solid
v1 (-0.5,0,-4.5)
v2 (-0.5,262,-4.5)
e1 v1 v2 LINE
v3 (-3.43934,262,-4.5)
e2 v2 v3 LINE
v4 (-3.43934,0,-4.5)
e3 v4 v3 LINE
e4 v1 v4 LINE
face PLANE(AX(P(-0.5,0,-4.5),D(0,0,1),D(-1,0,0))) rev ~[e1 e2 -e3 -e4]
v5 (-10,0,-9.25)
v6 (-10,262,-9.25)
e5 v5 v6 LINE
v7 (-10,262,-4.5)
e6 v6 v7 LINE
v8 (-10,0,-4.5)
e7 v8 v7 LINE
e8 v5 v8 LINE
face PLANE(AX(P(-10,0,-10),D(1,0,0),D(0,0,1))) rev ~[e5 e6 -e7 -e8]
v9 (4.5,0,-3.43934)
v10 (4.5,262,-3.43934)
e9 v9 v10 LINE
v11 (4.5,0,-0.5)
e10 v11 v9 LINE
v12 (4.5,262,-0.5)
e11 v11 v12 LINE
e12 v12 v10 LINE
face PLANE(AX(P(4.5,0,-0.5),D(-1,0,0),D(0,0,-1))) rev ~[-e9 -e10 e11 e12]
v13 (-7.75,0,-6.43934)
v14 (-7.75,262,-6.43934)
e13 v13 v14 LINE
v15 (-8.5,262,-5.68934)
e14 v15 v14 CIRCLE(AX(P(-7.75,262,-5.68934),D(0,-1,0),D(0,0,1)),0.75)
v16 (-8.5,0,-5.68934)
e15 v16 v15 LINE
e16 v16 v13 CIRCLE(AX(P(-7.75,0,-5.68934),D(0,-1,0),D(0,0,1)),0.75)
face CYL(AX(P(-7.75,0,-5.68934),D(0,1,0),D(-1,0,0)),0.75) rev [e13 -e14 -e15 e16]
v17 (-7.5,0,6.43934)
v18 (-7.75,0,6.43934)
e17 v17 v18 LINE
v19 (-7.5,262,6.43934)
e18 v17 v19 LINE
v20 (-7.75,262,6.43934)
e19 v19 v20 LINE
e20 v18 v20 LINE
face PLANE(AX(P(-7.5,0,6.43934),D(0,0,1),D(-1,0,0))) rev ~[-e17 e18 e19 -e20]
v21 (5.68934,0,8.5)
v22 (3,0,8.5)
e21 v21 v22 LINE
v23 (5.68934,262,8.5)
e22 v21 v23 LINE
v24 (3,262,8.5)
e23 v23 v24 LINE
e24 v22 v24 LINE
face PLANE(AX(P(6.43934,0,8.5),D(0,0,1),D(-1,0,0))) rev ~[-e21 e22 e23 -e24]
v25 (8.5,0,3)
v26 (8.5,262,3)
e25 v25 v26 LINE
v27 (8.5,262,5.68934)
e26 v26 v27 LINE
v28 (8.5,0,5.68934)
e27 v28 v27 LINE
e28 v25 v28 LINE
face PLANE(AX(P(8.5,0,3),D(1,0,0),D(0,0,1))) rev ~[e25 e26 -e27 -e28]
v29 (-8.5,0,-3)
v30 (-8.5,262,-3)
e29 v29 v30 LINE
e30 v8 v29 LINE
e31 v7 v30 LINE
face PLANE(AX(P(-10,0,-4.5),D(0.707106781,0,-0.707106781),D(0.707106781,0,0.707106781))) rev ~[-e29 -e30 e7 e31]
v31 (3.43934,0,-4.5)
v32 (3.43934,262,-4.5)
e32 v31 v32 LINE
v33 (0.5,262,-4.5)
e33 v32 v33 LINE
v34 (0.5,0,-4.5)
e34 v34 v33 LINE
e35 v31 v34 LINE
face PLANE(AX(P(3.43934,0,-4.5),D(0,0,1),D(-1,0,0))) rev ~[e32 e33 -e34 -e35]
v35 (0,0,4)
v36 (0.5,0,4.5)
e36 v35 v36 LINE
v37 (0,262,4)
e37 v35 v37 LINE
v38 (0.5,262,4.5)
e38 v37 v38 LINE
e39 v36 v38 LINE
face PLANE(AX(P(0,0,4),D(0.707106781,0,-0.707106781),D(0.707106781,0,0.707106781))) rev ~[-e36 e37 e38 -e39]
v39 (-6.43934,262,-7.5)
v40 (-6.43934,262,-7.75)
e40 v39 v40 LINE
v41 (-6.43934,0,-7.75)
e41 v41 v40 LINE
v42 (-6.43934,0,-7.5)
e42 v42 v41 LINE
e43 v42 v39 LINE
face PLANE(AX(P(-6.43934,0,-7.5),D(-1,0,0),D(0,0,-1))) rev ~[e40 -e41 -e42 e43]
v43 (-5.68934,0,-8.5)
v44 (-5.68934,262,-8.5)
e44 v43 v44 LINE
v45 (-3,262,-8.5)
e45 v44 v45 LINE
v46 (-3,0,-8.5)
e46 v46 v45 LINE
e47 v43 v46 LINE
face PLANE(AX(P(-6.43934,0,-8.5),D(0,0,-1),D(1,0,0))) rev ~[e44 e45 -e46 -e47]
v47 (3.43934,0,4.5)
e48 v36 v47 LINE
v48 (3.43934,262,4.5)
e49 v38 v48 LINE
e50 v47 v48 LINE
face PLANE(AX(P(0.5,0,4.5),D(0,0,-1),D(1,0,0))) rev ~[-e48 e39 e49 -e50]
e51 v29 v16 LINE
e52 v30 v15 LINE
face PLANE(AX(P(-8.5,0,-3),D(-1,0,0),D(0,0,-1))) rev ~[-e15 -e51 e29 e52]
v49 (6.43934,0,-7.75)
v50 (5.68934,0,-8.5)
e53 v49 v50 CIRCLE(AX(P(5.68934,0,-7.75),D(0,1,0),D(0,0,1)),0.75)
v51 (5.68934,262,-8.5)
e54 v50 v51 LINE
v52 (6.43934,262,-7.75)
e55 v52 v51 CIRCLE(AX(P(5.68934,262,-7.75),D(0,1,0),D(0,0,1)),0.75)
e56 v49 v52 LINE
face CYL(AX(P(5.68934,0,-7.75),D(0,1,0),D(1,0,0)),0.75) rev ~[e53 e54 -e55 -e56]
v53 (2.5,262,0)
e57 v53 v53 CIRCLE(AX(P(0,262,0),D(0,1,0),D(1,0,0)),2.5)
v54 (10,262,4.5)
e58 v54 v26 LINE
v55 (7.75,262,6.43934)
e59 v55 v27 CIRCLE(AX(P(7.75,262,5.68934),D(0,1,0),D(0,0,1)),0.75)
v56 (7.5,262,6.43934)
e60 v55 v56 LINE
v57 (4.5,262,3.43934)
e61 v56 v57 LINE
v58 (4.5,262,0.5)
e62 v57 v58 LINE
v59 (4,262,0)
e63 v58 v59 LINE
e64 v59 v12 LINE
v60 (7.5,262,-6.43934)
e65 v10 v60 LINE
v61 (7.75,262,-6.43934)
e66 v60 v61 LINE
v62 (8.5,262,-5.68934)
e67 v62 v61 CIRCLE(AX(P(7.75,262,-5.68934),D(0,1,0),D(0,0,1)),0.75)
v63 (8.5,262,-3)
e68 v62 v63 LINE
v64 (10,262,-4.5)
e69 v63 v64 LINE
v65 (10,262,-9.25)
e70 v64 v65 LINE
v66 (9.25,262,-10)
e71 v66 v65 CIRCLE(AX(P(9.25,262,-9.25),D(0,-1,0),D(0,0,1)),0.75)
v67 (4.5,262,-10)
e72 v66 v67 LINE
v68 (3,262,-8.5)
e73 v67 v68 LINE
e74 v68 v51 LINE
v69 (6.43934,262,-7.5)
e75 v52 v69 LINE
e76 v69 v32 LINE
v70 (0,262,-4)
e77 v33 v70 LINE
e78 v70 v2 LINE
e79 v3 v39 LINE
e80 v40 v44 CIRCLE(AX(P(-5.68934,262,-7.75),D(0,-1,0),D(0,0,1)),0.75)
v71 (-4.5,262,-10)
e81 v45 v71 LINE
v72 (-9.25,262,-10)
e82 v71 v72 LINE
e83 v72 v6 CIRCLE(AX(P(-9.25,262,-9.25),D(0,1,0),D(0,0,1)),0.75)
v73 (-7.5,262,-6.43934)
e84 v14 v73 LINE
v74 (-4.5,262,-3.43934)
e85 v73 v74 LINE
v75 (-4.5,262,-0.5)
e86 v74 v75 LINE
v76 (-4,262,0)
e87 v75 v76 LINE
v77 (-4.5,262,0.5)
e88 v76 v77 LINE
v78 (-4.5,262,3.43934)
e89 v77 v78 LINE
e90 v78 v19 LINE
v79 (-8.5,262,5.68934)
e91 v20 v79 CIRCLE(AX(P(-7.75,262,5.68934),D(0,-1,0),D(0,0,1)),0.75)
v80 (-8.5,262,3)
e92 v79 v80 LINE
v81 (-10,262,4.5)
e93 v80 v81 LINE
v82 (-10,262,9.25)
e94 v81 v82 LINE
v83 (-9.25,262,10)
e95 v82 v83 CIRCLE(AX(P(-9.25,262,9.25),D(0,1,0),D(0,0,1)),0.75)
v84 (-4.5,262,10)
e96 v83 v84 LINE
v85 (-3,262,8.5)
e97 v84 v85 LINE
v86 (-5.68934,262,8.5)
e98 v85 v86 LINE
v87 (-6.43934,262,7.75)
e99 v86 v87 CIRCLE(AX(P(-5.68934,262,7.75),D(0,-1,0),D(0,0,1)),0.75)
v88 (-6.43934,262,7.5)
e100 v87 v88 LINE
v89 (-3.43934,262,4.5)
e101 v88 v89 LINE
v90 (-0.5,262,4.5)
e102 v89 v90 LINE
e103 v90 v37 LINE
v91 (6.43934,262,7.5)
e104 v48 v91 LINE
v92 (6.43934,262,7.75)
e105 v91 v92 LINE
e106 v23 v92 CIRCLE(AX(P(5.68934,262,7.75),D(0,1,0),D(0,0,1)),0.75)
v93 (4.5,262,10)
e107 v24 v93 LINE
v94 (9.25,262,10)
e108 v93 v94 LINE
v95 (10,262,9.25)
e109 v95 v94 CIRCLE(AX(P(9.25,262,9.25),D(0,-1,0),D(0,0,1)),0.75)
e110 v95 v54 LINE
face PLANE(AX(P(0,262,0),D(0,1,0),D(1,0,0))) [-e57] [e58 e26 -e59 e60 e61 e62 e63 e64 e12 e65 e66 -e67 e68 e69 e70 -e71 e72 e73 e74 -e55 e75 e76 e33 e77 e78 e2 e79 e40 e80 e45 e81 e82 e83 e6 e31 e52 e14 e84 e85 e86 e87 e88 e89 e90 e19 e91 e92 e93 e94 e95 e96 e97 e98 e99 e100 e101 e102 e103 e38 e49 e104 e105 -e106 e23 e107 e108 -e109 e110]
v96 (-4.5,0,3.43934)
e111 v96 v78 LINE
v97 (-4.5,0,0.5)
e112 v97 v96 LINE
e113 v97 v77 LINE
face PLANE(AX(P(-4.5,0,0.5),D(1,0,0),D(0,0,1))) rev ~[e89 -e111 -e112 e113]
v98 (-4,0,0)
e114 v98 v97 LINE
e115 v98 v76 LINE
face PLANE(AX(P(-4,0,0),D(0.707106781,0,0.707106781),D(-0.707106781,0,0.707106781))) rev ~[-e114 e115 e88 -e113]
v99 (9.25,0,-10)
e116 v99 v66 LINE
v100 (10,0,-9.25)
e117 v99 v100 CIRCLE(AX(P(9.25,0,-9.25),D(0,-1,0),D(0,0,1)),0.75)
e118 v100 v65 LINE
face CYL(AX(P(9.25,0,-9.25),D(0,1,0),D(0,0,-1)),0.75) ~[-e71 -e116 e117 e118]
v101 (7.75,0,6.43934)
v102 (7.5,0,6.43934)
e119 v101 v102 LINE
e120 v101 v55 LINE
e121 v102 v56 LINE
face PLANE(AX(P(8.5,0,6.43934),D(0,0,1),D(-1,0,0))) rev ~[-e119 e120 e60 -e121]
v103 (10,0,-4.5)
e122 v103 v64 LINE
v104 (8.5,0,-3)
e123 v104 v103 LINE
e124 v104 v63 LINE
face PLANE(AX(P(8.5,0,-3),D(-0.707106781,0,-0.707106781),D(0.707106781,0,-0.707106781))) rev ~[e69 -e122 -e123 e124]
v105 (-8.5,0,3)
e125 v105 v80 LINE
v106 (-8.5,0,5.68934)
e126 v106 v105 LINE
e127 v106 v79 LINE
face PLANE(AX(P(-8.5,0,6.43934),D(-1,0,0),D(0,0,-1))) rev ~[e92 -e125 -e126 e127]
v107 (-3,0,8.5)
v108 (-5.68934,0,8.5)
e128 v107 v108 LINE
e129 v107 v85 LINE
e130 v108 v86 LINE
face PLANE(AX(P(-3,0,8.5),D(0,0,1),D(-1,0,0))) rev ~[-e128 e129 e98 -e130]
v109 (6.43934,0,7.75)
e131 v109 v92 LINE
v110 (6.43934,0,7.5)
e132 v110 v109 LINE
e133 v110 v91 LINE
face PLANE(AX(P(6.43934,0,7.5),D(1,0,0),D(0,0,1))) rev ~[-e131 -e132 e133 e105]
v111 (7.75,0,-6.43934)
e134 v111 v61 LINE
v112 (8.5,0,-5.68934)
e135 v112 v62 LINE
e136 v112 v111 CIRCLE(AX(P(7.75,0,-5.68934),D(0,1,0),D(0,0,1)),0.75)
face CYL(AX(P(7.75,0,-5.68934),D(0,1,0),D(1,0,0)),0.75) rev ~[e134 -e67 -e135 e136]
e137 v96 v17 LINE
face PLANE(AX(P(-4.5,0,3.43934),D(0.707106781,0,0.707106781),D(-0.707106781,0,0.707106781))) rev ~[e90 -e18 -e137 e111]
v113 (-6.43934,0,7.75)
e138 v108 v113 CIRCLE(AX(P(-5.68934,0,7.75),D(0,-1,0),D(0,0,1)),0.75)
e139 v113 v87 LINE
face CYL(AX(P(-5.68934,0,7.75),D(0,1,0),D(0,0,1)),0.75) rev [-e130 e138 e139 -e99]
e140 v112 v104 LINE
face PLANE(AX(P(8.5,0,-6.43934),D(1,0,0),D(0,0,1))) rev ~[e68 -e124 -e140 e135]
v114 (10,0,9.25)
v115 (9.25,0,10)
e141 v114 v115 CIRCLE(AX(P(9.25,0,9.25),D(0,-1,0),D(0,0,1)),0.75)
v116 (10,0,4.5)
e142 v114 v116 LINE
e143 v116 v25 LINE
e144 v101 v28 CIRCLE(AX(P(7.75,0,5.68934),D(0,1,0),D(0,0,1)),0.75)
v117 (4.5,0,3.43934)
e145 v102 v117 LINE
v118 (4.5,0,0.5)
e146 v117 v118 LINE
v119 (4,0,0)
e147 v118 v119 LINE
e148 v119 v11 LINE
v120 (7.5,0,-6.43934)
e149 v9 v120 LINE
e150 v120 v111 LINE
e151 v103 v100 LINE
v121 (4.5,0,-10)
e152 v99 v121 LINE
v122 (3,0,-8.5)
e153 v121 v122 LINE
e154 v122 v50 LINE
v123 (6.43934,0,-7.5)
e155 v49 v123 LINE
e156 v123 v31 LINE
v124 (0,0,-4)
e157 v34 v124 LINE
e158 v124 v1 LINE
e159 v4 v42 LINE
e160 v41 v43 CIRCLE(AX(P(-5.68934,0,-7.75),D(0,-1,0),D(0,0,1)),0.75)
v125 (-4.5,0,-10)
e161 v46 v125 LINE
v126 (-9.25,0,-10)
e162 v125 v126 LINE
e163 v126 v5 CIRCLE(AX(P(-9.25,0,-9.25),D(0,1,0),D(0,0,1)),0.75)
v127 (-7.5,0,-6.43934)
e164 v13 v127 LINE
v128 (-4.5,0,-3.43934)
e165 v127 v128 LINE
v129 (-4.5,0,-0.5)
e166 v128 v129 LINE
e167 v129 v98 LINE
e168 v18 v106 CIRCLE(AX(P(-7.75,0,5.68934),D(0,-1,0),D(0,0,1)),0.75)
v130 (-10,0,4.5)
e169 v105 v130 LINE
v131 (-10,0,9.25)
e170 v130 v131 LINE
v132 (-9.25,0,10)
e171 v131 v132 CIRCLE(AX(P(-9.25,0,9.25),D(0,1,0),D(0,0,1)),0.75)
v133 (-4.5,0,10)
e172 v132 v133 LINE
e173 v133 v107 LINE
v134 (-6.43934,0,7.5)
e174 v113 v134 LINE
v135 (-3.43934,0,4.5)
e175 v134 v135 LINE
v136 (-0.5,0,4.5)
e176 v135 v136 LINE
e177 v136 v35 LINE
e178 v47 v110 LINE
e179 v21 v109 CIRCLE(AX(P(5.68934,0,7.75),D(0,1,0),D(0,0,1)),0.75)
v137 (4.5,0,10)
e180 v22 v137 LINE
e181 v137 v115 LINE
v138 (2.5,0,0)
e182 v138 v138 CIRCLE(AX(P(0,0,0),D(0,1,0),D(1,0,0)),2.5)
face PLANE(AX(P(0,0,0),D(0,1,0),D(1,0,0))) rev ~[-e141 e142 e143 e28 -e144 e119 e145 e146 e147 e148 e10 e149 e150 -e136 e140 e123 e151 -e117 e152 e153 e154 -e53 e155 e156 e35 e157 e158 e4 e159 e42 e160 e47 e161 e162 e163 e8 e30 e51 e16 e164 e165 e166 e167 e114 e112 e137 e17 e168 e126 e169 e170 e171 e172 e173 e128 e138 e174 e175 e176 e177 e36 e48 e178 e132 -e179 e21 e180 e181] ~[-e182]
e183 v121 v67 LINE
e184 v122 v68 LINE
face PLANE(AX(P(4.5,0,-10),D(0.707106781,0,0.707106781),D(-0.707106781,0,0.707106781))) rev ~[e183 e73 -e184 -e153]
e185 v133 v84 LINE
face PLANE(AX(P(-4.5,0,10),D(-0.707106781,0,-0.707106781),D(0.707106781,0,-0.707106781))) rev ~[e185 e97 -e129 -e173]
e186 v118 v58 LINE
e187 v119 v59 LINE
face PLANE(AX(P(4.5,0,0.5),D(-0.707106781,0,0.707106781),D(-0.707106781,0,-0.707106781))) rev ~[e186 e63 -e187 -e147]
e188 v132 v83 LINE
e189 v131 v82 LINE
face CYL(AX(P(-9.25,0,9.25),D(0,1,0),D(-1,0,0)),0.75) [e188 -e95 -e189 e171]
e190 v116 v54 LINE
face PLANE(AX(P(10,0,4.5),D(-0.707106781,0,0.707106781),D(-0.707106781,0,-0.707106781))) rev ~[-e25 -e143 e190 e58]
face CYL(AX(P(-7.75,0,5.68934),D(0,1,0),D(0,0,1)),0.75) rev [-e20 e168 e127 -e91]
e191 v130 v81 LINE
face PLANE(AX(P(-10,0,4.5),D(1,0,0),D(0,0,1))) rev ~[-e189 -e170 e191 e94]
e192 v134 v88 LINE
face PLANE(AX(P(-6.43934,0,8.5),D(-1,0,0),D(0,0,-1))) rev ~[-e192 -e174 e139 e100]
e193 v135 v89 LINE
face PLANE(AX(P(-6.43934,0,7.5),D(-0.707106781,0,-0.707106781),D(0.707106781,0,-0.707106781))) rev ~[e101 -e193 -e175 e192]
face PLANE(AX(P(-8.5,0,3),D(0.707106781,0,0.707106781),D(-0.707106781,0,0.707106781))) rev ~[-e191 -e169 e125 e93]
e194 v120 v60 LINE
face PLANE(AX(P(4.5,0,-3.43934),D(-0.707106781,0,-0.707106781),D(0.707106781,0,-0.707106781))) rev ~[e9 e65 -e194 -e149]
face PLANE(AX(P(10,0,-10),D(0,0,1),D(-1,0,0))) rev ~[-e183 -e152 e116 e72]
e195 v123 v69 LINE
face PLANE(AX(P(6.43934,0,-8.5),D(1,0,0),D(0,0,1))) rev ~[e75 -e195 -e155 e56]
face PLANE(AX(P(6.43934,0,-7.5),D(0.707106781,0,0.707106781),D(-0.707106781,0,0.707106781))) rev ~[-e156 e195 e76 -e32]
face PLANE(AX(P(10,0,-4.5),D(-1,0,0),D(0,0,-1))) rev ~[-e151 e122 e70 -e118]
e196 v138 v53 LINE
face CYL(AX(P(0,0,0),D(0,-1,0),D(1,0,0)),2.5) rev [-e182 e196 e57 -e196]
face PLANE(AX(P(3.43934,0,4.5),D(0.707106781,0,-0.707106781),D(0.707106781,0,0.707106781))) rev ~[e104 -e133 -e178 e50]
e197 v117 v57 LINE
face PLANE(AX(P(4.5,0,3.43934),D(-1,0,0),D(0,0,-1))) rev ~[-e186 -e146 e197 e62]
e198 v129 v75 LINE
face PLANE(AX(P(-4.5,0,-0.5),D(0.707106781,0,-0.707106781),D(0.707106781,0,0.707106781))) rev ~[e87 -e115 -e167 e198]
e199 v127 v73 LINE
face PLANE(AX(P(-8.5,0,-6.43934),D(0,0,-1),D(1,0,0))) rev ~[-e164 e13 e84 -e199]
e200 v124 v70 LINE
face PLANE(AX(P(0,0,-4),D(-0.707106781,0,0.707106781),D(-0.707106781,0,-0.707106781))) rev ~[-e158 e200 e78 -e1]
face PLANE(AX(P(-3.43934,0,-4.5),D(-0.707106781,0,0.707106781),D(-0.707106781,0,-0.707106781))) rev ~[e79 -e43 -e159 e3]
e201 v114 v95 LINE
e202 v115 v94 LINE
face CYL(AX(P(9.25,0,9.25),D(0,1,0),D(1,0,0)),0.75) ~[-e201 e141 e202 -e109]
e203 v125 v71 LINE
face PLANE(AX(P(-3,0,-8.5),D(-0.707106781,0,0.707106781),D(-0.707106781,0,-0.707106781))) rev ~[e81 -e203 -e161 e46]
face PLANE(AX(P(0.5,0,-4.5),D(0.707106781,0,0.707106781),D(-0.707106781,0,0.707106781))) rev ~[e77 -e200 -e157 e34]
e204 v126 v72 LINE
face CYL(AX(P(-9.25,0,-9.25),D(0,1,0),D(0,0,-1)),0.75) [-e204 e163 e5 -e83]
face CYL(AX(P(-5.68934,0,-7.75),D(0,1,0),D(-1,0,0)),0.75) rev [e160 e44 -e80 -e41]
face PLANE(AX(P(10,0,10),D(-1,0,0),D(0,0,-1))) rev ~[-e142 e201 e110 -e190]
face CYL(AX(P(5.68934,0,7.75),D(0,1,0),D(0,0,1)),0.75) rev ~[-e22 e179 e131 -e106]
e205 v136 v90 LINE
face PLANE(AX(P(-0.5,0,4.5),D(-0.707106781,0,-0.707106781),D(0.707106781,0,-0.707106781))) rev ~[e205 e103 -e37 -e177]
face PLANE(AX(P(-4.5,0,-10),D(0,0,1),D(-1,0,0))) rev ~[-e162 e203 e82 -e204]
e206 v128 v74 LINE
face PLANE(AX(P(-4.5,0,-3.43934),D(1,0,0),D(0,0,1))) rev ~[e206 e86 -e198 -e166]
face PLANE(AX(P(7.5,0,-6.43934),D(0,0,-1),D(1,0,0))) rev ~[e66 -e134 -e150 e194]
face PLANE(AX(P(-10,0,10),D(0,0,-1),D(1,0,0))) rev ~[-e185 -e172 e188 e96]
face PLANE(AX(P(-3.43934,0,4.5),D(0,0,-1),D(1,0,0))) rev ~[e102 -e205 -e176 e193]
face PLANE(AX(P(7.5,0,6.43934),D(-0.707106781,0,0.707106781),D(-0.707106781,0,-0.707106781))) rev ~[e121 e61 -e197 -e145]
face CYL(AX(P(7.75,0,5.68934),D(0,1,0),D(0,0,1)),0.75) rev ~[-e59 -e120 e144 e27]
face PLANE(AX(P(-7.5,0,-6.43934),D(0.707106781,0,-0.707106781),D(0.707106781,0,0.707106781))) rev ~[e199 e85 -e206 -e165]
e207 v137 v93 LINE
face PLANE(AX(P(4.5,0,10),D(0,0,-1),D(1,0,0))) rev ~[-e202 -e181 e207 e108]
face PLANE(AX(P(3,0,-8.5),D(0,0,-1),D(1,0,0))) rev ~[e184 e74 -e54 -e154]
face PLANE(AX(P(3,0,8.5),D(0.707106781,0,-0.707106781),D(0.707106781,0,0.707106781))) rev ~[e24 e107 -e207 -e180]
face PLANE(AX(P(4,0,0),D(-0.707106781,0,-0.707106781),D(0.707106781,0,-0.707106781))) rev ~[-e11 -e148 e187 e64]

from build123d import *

# Parameters (mm, degrees)
ESQUISSE1_R      = 2.5
EXTRUSION1_DEPTH = 262
CONG_1_R         = 0.75


with BuildPart() as part:
    # Esquisse1 → Extrusion1 (new body)
    with BuildSketch(Plane(origin=(0, 0, 0), x_dir=(1, 0, 0), z_dir=(0, 1, 0))):
        Polygon((0, 4), (-0.5, 4.5), (-3.439339828, 4.5), (-6.439339828, 7.5), (-6.439339828, 8.5), (-3, 8.5), (-4.5, 10), (-10, 10), (-10, 4.5), (-8.5, 3), (-8.5, 6.439339828), (-7.5, 6.439339828), (-4.5, 3.439339828), (-4.5, 0.5), (-4, 0), (-4.5, -0.5), (-4.5, -3.439339828), (-7.5, -6.439339828), (-8.5, -6.439339828), (-8.5, -3), (-10, -4.5), (-10, -10), (-4.5, -10), (-3, -8.5), (-6.439339828, -8.5), (-6.439339828, -7.5), (-3.439339828, -4.5), (-0.5, -4.5), (0, -4), (0.5, -4.5), (3.439339828, -4.5), (6.439339828, -7.5), (6.439339828, -8.5), (3, -8.5), (4.5, -10), (10, -10), (10, -4.5), (8.5, -3), (8.5, -6.439339828), (7.5, -6.439339828), (4.5, -3.439339828), (4.5, -0.5), (4, 0), (4.5, 0.5), (4.5, 3.439339828), (7.5, 6.439339828), (8.5, 6.439339828), (8.5, 3), (10, 4.5), (10, 10), (4.5, 10), (3, 8.5), (6.439339828, 8.5), (6.439339828, 7.5), (3.439339828, 4.5), (0.5, 4.5), align=None)
        Circle(ESQUISSE1_R, mode=Mode.SUBTRACT)
    extrude(amount=EXTRUSION1_DEPTH)

    # Congé1
    cong_1_edges = [part.edges().sort_by_distance(p)[0] for p in [
        (6.439339828, 131, -8.5),
        (10, 131, -10),
        (8.5, 131, -6.439339828),
        (8.5, 131, 6.439339828),
        (10, 131, 10),
        (6.439339828, 131, 8.5),
        (-6.439339828, 131, 8.5),
        (-10, 131, 10),
        (-8.5, 131, 6.439339828),
        (-8.5, 131, -6.439339828),
        (-10, 131, -10),
        (-6.439339828, 131, -8.5),
    ]]
    fillet(cong_1_edges, radius=CONG_1_R)


solid = part.part
